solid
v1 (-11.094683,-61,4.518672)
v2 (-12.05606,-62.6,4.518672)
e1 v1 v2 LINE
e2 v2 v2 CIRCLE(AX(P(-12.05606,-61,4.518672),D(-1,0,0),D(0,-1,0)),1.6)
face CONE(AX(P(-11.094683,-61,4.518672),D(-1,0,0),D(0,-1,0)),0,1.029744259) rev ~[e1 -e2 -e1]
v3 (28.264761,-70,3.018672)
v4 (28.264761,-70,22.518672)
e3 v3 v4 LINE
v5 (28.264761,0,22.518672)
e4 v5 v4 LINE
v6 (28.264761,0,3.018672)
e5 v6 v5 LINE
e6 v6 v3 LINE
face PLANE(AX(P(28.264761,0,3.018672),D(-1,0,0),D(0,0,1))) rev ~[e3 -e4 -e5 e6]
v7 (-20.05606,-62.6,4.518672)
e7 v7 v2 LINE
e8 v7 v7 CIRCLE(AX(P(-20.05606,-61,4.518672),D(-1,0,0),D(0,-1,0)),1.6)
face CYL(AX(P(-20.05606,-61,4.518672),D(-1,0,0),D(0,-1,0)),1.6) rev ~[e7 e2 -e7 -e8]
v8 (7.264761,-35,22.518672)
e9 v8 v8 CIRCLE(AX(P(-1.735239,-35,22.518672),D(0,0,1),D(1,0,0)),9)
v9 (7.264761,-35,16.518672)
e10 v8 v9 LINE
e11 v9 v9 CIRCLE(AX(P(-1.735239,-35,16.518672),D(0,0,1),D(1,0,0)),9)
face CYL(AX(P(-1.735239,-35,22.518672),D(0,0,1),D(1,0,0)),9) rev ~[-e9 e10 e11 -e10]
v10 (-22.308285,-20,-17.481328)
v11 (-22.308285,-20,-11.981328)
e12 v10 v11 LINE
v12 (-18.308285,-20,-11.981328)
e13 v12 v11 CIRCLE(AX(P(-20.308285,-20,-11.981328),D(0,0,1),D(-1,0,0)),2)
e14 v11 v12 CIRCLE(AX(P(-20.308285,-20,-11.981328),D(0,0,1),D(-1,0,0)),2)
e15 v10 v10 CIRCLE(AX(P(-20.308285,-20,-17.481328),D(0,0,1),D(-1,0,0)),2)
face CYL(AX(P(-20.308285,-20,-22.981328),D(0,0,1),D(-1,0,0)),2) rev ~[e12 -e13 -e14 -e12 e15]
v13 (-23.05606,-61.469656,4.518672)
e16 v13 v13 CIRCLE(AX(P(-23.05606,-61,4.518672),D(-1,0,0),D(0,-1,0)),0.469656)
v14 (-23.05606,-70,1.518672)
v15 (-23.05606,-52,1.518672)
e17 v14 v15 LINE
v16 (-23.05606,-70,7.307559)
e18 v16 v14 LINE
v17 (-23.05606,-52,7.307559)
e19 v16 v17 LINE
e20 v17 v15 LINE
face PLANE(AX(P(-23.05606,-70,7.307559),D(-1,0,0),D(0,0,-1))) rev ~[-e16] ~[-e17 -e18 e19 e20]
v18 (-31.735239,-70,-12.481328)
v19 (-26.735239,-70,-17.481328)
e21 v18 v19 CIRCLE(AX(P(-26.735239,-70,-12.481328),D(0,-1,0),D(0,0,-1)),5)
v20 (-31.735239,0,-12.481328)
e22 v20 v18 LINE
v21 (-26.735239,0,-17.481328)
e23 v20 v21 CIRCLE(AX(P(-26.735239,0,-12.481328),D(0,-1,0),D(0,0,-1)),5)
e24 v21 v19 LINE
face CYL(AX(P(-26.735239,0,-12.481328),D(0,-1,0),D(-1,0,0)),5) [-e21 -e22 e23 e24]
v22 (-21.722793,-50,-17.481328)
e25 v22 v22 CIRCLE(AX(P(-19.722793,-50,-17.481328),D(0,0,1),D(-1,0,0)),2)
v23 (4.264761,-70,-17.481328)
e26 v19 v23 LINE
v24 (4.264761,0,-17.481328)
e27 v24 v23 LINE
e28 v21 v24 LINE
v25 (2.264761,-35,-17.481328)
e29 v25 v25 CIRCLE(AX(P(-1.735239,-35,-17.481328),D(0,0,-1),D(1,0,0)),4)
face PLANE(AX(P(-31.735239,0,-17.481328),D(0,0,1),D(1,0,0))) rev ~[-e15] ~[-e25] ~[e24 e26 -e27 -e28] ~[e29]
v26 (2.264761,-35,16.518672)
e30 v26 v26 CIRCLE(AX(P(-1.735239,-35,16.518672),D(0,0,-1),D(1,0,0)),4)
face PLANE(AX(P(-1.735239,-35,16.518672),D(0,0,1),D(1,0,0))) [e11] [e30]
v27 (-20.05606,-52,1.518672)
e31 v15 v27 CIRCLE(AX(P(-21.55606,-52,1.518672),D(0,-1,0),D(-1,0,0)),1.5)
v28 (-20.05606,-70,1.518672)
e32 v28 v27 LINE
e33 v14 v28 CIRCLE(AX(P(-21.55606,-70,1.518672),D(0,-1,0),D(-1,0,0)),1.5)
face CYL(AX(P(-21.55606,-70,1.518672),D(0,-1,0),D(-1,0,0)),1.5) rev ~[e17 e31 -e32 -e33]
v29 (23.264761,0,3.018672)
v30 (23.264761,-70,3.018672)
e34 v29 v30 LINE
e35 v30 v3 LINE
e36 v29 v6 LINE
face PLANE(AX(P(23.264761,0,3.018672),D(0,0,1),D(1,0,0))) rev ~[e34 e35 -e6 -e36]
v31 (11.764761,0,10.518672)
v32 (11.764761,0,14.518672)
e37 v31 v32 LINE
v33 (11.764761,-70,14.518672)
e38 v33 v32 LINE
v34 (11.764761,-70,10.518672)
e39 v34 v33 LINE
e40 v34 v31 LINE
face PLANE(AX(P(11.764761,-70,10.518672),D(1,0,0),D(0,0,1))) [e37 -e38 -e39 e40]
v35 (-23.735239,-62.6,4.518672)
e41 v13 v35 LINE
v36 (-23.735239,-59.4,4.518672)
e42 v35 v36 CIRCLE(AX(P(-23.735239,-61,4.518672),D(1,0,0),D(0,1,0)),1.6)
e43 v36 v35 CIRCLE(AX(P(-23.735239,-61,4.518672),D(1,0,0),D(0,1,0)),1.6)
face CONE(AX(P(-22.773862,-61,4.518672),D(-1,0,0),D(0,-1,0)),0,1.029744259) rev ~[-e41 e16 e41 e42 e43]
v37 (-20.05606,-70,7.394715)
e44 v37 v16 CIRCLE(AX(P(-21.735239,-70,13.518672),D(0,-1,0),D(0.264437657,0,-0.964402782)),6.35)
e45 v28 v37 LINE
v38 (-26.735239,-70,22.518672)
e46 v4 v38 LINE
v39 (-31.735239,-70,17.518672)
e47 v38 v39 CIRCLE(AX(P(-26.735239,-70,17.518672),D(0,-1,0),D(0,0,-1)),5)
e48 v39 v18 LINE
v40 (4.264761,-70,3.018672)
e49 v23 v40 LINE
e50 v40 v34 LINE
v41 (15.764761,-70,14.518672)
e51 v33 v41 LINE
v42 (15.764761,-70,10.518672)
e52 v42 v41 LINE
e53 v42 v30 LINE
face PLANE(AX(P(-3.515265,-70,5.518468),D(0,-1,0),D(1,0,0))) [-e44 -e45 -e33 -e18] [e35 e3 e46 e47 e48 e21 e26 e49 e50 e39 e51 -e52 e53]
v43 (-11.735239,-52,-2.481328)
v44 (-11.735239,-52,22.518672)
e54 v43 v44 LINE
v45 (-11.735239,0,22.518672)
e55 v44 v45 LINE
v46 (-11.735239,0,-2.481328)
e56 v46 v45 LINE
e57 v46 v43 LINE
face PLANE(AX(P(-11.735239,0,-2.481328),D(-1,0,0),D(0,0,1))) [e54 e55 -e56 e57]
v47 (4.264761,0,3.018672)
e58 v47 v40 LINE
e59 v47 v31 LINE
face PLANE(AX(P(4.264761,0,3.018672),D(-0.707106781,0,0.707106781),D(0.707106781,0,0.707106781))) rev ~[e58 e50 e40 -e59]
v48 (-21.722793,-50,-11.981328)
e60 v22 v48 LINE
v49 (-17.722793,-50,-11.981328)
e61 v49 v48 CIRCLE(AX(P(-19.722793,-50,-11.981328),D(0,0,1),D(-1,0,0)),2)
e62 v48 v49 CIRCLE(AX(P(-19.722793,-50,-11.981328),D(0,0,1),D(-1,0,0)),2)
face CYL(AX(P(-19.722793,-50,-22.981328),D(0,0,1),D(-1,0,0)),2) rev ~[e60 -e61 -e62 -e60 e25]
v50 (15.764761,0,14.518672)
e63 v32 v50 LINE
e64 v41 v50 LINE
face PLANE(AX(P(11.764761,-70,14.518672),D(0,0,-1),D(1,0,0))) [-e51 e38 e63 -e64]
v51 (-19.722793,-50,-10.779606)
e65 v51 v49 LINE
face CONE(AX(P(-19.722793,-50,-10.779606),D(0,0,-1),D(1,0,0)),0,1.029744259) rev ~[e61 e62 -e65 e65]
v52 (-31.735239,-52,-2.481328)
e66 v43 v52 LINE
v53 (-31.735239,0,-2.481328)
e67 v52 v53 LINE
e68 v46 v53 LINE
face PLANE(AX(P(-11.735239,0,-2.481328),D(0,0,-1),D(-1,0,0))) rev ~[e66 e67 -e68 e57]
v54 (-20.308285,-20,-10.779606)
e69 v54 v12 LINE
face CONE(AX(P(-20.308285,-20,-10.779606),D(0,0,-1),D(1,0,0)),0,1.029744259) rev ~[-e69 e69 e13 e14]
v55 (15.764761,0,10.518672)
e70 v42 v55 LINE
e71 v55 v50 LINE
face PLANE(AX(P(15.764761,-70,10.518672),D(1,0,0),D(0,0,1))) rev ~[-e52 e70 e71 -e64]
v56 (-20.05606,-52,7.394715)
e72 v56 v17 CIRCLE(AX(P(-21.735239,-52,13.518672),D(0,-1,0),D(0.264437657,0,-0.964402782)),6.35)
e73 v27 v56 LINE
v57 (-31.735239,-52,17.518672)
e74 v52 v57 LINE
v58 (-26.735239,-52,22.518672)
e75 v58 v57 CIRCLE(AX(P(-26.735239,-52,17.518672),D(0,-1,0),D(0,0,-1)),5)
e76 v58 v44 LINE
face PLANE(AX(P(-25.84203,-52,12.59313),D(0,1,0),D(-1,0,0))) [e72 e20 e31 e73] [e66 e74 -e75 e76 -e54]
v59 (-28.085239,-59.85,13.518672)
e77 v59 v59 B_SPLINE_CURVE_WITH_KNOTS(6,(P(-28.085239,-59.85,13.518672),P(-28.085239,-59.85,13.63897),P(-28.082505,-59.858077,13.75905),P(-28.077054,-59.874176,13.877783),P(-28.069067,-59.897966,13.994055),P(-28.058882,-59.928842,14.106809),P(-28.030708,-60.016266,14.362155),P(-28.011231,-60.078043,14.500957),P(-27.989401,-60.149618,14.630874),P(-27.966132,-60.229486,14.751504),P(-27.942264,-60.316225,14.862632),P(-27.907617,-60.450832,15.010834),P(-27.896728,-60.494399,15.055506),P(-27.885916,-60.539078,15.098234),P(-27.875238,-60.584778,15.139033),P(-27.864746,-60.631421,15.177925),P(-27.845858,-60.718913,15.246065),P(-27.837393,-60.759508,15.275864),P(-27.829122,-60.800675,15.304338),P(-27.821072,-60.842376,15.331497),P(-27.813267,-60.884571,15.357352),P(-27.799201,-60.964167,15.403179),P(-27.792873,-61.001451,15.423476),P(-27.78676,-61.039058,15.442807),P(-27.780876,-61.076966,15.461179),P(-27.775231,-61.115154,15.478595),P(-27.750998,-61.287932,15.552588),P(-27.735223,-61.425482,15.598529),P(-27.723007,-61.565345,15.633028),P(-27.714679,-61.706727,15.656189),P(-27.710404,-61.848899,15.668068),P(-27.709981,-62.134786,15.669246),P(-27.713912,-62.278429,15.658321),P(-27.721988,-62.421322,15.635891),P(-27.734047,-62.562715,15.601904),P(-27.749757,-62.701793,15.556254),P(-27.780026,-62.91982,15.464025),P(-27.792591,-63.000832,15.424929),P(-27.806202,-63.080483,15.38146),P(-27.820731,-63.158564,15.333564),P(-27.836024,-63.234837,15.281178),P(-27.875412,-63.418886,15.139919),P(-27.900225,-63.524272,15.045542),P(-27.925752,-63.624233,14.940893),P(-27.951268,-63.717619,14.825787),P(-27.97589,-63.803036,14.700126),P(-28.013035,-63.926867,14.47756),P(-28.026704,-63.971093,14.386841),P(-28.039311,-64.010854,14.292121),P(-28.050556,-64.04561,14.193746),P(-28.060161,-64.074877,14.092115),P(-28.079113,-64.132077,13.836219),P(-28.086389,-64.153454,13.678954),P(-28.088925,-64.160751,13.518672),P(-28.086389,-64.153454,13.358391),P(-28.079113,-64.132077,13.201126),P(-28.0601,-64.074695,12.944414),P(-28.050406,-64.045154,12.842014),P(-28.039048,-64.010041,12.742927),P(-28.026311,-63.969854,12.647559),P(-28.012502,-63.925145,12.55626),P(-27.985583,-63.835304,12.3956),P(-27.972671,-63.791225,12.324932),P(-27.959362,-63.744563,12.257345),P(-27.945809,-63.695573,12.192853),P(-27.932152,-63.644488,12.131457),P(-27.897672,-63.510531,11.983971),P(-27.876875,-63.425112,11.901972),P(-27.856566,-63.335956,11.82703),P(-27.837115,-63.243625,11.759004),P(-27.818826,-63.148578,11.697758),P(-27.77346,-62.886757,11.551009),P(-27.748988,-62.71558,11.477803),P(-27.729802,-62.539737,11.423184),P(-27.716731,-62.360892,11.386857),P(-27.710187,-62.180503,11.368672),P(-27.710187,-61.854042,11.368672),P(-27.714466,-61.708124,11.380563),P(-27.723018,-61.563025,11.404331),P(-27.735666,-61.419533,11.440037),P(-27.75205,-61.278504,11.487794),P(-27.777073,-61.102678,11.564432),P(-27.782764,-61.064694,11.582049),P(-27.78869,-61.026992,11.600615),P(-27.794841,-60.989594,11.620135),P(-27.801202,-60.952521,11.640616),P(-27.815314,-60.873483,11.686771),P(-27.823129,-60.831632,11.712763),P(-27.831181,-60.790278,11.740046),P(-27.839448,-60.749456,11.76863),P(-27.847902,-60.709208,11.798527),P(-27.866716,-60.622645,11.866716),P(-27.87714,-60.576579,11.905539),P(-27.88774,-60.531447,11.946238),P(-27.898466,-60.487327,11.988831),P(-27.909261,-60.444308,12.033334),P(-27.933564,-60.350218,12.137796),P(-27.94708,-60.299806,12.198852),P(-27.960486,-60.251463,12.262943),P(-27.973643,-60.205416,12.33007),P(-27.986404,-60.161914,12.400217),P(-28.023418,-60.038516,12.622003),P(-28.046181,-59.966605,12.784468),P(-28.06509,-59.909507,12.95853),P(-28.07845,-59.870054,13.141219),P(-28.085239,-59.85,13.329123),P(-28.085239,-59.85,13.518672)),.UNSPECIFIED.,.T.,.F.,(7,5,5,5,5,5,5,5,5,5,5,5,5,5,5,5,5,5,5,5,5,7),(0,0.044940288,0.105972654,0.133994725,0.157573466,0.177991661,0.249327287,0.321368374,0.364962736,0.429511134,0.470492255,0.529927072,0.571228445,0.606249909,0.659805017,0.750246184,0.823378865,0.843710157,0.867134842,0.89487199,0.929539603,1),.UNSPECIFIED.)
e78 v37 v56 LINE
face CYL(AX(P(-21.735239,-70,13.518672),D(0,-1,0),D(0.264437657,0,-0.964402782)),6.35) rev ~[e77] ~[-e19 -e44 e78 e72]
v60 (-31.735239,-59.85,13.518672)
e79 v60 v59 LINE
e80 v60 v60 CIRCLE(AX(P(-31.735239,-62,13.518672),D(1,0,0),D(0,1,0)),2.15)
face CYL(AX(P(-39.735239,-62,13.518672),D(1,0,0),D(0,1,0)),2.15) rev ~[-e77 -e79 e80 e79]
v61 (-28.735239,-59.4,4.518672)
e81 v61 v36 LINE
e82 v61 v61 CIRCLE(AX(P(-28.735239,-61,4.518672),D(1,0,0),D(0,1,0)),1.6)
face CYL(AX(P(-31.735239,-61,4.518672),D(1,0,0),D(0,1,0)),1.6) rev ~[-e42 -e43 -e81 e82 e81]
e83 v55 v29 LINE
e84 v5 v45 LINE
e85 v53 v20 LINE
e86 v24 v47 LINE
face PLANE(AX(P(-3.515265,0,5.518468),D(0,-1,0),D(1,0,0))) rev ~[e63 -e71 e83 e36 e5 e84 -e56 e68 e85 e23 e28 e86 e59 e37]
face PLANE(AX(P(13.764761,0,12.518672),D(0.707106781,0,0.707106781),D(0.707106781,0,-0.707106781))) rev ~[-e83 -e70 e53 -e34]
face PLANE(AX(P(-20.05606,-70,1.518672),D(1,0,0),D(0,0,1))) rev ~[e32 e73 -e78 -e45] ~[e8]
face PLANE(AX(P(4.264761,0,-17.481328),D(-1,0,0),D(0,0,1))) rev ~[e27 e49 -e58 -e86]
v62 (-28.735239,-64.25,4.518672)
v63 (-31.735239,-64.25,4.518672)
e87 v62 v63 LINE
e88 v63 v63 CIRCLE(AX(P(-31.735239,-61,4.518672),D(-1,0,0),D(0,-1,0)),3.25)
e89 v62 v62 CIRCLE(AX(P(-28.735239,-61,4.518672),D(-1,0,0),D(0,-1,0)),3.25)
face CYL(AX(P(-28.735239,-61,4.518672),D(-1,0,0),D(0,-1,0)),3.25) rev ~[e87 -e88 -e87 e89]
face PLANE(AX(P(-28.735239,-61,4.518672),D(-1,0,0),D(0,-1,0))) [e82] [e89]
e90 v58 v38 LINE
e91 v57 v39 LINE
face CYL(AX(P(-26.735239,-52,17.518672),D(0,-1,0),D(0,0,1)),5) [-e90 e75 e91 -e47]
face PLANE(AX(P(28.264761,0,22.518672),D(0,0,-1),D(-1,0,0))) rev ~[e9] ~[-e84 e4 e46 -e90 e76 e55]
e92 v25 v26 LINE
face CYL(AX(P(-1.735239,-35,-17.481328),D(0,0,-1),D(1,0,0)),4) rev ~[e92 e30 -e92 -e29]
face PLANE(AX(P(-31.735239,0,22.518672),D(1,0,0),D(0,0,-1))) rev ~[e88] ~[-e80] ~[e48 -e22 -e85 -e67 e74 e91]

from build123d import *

# Parameters (mm, degrees)
F1_DEPTH        = 70
F2_W            = 28.213582236
F2_H            = 30.1489157287
F3_DEPTH        = 52
F4_R            = 5
F6_DEPTH        = 18
F7_W            = 4
F7_H            = 4
F8_DEPTH        = 70.001
F9_R            = 4
F10_DEPTH       = 40.001
F11_R           = 9
F12_DEPTH       = 6
F14_D           = 4
F14_DEPTH       = 5.5
F14_TIP         = 1.2017212381
F17_D           = 3.2
F17_DEPTH       = 8
F17_CBORE_D     = 6.5
F17_CBORE_DEPTH = 3
F17_TIP         = 0.9613769904
F18_D           = 3.2
F18_DEPTH       = 8
F18_TIP         = 0.9613769904
F19_D           = 4.3
F19_DEPTH       = 8
F19_TIP         = 1.2918503309


with BuildPart() as f1:
    # F0 (on Front) → F1 (new body)
    with BuildSketch(Plane.XZ):
        Polygon((28.2647607103, 22.518672328), (-31.7352392897, 22.518672328), (-31.7352392897, -17.481327672), (4.2647607103, -17.481327672), (4.2647607103, -9.1914124787), (4.2647607103, 3.018672328), (13.7647607103, 12.518672328), (23.2647607103, 3.018672328), (28.2647607103, 3.018672328), align=None)
    extrude(amount=F1_DEPTH)

    # F2 (on face) → F3 (cut)
    with BuildSketch(Plane(origin=(0, 0, 0), x_dir=(-1, 0, 0), z_dir=(0, 1, 0))):
        with Locations((25.8420304077, 12.5931301923)):
            Rectangle(F2_W, F2_H)
    extrude(amount=-F3_DEPTH, mode=Mode.SUBTRACT)

    # F4
    f4_edges = [f1.edges().sort_by_distance(p)[0] for p in [
        (-31.735239, -61, 22.518672),
        (-31.735239, -35, -17.481328),
    ]]
    fillet(f4_edges, radius=F4_R)

    # F5 (on face) → F6 (cut, through all)
    with BuildSketch(Plane.XZ.offset(70)):
        with BuildLine():
            Line((-20.0560601684, 1.518672328), (-20.0560601684, 7.3947146633))
            ThreePointArc((-20.0560601684, 7.3947146633), (-21.9196415591, 19.8659942674), (-23.0560601684, 7.3075587236))
            Line((-23.0560601684, 7.3075587236), (-23.0560601684, 1.518672328))
            ThreePointArc((-23.0560601684, 1.518672328), (-21.5560601684, 0.018672328), (-20.0560601684, 1.518672328))
        make_face()
    extrude(amount=-F6_DEPTH, mode=Mode.SUBTRACT)

    # F7 (on face) → F8 (cut, through all)
    with BuildSketch(Plane.XZ.offset(70)):
        with Locations((13.7647607103, 12.518672328)):
            Rectangle(F7_W, F7_H)
    extrude(amount=-F8_DEPTH, mode=Mode.SUBTRACT)

    # F9 (on face) → F10 (cut, through all)
    with BuildSketch(Plane(origin=(0, 0, -17.481327672), x_dir=(1, 0, 0), z_dir=(0, 0, -1))):
        with Locations((-1.7352392897, 35)):
            Circle(F9_R)
    extrude(amount=-F10_DEPTH, mode=Mode.SUBTRACT)

    # F11 (on face) → F12 (cut)
    with BuildSketch(Plane.XY.offset(22.518672328)):
        with Locations((-1.7352392897, -35)):
            Circle(F11_R)
    extrude(amount=-F12_DEPTH, mode=Mode.SUBTRACT)

    # F14
    with Locations(Plane(origin=(0, 0, -17.481327672), x_dir=(1, 0, 0), z_dir=(0, 0, -1))):
        with Locations((-19.7227925898, 50), (-20.3082847504, 20)):
            Hole(F14_D / 2, depth=F14_DEPTH)
            with Locations((0, 0, -(F14_DEPTH + F14_TIP / 2))):  # 118° drill point
                Cone(0, F14_D / 2, F14_TIP, mode=Mode.SUBTRACT)

    # F17
    with Locations(Plane(origin=(-31.7352392897, 0, 0), x_dir=(0, -1, 0), z_dir=(-1, 0, 0))):
        with Locations((61, 4.518672328)):
            CounterBoreHole(F17_D / 2, F17_CBORE_D / 2, F17_CBORE_DEPTH, depth=F17_DEPTH)
            with Locations((0, 0, -(F17_DEPTH + F17_TIP / 2))):  # 118° drill point
                Cone(0, F17_D / 2, F17_TIP, mode=Mode.SUBTRACT)

    # F18 (one way)
    with BuildSketch(Plane(origin=(-20.0560601684, 0, 0), x_dir=(0, -1, 0), z_dir=(-1, 0, 0))):
        with Locations((61, 4.518672328)):
            Circle(F18_D / 2)
    extrude(amount=-F18_DEPTH, mode=Mode.SUBTRACT)
    with Locations(Plane(origin=(-20.0560601684, 0, 0), x_dir=(0, -1, 0), z_dir=(-1, 0, 0))):
        with Locations((61, 4.518672328)):
            with Locations((0, 0, -(F18_DEPTH + F18_TIP / 2))):  # 118° drill point
                Cone(0, F18_D / 2, F18_TIP, mode=Mode.SUBTRACT)

    # F19
    with Locations(Plane(origin=(-31.7352392897, 0, 0), x_dir=(0, -1, 0), z_dir=(-1, 0, 0))):
        with Locations((62, 13.518672328)):
            Hole(F19_D / 2, depth=F19_DEPTH)
            with Locations((0, 0, -(F19_DEPTH + F19_TIP / 2))):  # 118° drill point
                Cone(0, F19_D / 2, F19_TIP, mode=Mode.SUBTRACT)


solid = f1.part
